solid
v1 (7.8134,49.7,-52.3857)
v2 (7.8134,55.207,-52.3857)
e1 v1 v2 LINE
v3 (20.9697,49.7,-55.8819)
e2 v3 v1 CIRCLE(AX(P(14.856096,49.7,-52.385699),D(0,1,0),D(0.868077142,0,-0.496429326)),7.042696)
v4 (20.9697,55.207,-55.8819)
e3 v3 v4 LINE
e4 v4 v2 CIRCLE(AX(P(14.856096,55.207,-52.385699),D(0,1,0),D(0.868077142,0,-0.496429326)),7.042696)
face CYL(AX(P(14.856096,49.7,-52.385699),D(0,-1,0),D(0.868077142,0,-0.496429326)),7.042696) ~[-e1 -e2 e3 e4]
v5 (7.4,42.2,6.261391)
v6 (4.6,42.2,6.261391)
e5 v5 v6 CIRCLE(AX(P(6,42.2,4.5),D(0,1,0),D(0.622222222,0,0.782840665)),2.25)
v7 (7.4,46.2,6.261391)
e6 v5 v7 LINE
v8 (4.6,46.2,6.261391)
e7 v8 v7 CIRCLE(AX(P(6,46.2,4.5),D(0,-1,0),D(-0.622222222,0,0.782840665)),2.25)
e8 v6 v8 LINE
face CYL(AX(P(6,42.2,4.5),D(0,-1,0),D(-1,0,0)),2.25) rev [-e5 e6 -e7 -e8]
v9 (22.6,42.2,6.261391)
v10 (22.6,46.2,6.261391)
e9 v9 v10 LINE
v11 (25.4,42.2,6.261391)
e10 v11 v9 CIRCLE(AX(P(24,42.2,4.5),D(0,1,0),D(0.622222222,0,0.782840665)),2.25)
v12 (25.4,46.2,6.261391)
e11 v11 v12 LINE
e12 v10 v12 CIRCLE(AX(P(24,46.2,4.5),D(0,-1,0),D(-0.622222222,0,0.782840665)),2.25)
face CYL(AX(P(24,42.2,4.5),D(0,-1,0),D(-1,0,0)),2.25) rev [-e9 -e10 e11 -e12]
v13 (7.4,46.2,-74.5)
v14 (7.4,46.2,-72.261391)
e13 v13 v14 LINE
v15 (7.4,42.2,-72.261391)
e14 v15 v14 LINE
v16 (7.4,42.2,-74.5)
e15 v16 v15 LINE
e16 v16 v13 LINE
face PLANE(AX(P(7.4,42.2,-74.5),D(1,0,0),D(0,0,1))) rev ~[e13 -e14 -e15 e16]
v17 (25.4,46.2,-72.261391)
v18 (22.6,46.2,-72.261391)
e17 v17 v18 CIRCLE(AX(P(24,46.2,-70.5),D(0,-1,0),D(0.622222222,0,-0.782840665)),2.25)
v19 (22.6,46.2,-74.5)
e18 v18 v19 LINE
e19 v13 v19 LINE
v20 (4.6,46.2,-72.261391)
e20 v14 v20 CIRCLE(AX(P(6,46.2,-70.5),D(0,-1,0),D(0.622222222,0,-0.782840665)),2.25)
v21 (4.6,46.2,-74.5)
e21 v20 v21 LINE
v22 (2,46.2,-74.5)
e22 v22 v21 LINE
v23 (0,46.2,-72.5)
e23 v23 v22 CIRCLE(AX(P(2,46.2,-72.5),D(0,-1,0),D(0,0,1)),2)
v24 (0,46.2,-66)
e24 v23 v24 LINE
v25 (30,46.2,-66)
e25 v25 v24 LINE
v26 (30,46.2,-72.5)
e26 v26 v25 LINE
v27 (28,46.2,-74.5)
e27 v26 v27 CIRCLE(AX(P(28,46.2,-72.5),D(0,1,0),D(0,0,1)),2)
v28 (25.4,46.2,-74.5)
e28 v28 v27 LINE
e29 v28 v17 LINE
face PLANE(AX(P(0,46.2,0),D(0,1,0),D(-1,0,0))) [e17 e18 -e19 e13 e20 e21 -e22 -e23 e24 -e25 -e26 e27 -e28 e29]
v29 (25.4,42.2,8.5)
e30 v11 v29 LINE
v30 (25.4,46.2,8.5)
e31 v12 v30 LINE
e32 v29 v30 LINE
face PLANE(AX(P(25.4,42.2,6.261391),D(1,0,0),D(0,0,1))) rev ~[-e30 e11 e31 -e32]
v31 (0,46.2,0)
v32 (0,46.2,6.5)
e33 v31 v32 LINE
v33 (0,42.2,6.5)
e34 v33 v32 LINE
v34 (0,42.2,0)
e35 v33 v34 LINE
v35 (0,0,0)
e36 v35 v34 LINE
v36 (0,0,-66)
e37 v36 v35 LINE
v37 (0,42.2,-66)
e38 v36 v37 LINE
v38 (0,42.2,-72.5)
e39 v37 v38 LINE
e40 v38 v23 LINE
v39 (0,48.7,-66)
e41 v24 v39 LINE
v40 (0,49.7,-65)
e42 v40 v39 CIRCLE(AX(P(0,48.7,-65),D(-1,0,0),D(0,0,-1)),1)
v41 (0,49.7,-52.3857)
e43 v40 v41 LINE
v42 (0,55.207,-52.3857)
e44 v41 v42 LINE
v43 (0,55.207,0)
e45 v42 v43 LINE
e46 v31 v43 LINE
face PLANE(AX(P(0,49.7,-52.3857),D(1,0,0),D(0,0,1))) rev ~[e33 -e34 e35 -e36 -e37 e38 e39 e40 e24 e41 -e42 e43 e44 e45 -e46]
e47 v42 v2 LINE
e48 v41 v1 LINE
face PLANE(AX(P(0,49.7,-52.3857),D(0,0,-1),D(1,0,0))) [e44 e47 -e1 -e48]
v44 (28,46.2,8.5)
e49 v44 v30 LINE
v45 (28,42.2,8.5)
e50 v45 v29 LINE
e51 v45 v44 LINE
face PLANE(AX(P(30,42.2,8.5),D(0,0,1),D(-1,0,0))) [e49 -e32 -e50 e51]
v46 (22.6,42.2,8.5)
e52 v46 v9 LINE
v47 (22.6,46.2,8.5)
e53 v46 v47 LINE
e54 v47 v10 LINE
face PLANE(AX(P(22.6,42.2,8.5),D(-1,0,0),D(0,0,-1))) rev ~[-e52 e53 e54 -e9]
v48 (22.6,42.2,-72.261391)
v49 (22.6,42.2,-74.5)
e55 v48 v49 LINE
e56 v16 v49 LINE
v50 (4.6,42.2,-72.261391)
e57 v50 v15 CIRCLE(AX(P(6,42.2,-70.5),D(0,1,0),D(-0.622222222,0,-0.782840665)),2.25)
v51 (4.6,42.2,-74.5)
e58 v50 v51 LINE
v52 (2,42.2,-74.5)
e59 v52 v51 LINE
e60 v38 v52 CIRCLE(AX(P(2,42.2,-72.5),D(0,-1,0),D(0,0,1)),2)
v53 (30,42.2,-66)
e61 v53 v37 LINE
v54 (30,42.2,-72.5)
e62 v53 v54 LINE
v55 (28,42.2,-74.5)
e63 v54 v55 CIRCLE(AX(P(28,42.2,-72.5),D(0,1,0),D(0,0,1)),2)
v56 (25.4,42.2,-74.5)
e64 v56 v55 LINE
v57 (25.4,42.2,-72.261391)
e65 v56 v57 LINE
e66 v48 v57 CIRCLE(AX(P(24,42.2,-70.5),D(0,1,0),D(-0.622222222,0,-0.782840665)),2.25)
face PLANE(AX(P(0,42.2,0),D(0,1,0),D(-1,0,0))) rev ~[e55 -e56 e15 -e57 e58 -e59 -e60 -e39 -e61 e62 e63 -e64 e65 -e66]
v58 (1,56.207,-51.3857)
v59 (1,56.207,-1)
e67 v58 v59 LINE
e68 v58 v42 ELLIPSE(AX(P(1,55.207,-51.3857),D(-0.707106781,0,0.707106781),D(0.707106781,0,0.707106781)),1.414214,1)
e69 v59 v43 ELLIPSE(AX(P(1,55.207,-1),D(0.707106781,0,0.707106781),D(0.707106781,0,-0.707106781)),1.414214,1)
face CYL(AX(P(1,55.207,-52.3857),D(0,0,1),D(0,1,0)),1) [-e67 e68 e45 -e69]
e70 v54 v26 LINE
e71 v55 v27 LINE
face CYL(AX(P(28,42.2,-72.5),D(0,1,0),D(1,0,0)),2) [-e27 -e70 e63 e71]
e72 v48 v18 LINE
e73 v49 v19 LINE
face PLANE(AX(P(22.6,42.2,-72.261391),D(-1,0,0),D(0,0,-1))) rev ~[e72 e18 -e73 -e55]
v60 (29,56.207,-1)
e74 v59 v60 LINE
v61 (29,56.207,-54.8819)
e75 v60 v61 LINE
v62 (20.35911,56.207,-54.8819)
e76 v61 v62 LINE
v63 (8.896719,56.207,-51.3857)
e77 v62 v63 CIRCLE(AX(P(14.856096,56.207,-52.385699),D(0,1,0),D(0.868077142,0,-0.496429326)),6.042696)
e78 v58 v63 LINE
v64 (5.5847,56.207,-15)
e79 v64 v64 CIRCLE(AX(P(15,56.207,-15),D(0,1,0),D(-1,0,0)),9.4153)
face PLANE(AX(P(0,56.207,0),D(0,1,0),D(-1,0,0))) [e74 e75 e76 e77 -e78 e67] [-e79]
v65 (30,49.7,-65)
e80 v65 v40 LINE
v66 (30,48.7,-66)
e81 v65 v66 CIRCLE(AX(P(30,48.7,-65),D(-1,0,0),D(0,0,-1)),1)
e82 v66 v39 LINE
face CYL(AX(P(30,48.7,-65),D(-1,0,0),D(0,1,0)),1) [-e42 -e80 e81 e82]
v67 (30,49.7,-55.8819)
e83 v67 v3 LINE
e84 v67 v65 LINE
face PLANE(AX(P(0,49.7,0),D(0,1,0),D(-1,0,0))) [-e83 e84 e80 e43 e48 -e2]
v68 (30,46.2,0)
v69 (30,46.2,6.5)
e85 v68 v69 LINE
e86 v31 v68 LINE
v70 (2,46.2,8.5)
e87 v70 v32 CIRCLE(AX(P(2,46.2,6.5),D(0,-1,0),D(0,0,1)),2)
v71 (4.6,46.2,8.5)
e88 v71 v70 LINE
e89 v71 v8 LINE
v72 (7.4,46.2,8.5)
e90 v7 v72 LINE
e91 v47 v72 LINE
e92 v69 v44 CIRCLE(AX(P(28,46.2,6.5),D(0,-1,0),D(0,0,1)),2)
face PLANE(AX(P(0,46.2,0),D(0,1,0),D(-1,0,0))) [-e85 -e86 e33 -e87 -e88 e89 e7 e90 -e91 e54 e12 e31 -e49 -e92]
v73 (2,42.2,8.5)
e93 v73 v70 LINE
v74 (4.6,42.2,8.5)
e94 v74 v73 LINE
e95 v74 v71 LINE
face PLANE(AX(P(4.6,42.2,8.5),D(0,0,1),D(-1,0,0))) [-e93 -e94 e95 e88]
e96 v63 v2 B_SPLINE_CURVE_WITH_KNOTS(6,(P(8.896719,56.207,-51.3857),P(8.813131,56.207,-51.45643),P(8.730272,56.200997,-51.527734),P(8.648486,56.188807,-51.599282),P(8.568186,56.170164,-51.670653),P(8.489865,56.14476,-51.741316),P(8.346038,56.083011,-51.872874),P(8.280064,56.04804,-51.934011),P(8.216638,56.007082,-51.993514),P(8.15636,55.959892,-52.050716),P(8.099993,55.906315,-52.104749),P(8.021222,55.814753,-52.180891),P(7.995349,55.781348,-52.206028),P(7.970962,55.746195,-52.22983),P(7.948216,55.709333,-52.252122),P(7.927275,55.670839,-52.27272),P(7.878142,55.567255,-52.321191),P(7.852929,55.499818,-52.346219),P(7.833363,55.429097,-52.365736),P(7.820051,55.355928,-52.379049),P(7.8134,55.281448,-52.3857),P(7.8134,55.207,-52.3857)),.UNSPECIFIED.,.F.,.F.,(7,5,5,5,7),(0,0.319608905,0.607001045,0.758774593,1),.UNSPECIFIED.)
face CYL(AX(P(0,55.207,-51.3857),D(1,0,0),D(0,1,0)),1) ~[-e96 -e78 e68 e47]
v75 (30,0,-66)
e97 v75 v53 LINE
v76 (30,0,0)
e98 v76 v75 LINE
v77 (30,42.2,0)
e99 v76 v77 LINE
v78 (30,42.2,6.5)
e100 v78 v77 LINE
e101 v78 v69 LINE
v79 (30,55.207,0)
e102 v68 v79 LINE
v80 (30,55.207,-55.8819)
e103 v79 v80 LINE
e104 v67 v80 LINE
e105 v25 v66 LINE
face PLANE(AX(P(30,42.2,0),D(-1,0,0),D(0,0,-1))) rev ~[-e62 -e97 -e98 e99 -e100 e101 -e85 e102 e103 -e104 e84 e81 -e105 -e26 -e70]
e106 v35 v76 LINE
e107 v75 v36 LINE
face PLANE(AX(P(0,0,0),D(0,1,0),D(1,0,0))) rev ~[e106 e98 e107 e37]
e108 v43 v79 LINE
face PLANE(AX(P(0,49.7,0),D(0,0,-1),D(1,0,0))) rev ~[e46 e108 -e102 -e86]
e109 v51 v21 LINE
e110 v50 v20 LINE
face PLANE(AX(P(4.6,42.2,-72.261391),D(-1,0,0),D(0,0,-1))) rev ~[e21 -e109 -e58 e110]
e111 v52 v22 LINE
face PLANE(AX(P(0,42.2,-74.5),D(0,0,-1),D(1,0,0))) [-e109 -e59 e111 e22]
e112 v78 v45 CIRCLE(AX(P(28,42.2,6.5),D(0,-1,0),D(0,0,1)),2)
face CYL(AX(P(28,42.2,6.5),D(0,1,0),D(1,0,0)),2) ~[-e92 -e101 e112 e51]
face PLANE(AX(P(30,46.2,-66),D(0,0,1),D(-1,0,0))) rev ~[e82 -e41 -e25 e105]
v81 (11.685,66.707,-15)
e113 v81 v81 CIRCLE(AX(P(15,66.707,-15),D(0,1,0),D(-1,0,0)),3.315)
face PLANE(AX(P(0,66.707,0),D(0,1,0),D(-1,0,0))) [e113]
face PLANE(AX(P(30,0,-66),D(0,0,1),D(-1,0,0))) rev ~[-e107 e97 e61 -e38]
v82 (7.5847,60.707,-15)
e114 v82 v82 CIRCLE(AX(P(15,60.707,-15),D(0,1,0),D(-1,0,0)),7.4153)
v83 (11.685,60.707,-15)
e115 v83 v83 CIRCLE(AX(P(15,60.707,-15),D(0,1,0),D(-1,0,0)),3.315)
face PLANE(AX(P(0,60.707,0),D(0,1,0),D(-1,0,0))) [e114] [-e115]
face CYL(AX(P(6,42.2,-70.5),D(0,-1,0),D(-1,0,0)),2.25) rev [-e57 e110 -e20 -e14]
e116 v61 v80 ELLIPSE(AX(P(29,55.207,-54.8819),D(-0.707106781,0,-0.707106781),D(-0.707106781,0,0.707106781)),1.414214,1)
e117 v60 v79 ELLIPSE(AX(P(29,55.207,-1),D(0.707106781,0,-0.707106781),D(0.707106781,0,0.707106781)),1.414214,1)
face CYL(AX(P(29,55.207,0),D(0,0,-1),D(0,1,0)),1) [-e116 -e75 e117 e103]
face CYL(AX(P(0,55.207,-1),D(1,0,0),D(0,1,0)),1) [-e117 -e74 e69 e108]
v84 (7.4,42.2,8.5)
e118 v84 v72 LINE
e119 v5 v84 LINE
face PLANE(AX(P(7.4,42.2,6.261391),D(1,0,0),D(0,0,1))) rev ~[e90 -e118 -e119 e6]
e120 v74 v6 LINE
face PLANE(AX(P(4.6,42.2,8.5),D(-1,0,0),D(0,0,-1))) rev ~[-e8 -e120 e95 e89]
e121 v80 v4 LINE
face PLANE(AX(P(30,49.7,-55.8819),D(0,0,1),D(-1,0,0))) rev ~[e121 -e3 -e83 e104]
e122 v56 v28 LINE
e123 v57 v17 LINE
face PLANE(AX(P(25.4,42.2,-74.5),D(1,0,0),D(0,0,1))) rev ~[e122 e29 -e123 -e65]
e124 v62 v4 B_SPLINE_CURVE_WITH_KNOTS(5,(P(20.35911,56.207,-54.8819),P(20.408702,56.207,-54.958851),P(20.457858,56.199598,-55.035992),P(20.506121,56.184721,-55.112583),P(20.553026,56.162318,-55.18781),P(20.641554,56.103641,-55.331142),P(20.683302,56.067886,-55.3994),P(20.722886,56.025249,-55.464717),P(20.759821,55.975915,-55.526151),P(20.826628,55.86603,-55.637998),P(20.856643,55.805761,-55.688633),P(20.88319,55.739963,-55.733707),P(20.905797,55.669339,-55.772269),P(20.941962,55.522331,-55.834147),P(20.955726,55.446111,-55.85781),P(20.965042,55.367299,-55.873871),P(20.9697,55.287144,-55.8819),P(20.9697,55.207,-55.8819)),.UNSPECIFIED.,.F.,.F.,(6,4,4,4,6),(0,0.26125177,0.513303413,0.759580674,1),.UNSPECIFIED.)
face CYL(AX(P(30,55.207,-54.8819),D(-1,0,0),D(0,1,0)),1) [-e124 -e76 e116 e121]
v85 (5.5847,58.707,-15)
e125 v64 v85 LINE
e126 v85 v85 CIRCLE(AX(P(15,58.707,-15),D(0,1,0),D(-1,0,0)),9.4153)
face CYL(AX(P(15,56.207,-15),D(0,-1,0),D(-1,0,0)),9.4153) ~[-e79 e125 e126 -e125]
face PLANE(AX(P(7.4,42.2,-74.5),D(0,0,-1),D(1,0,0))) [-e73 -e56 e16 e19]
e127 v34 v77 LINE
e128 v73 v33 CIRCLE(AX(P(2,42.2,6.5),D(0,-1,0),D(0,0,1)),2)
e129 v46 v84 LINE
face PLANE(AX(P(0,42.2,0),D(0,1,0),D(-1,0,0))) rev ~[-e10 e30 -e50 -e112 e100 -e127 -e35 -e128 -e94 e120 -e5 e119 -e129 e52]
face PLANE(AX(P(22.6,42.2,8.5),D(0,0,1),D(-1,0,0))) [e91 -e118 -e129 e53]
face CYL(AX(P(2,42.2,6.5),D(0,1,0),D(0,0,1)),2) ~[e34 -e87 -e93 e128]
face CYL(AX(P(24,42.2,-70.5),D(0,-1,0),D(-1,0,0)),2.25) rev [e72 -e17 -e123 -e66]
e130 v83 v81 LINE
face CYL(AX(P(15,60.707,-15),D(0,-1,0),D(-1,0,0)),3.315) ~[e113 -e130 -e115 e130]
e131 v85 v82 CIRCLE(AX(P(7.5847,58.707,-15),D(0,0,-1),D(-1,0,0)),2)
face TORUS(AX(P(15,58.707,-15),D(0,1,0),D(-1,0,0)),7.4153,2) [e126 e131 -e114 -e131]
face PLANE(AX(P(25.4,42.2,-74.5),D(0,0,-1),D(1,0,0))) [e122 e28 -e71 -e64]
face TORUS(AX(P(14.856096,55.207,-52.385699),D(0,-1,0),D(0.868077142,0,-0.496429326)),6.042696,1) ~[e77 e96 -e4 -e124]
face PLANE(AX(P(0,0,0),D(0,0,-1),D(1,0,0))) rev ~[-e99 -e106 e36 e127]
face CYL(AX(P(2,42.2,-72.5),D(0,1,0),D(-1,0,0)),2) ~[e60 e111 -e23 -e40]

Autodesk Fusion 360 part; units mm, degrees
sketch "Skizze1" plane through (0, 0, 0) normal (0, 1, 0) x (1, 0, 0)
  line L0 (0, 0) -> (30, 0)
  line L1 (30, 0) -> (30, 66)
  line L2 (30, 66) -> (0, 66)
  line L3 (0, 66) -> (0, 0)
  dimension "d5" = 30
  dimension "d6" = 66
extrude "Extrusion2" add sketch "Skizze1" along normal blind 42.2
sketch "Skizze2" plane through (0, 42.2, 0) normal (0, 1, 0) x (-1, 0, 0)
  line L0 (0, -66) -> (0, 0)
  line L1 (0, 0) -> (-30, 0)
  line L2 (-30, 0) -> (-30, -66)
  line L3 (-30, -66) -> (0, -66)
  line L4 (0, -74.5) -> (-30, -74.5)
  line L5 (-30, -74.5) -> (-30, 8.5)
  line L6 (-30, 8.5) -> (0, 8.5)
  line L7 (0, 8.5) -> (0, -74.5)
  line L8 (-30, -66) -> (0, 0) construction
  line L9 (0, -74.5) -> (-30, 8.5) construction
  line L10 (-15, -33) -> (-15, -70.5) construction
  line L11 (-15, -70.5) -> (-6, -70.5) construction
  circle A0 centre (-6, -70.5) radius 2.25
  circle A1 centre (-24, -70.5) radius 2.25
  circle A2 centre (-6, 4.5) radius 2.25
  circle A3 centre (-24, 4.5) radius 2.25
  line L12 (-4.6, -74.5) -> (-7.4, -74.5)
  line L13 (-7.4, -74.5) -> (-7.4, -71.5)
  line L14 (-7.4, -71.5) -> (-4.6, -71.5)
  line L15 (-4.6, -71.5) -> (-4.6, -74.5)
  line L16 (-6, -71.5) -> (-6, -70.5) construction
  line L17 (-25.4, -74.5) -> (-25.4, -71.5)
  line L18 (-22.6, -74.5) -> (-25.4, -74.5)
  line L19 (-22.6, -71.5) -> (-22.6, -74.5)
  line L20 (-25.4, -71.5) -> (-22.6, -71.5)
  line L21 (-7.4, 5.5) -> (-7.4, 8.5)
  line L22 (-4.6, 5.5) -> (-7.4, 5.5)
  line L23 (-4.6, 8.5) -> (-4.6, 5.5)
  line L24 (-7.4, 8.5) -> (-4.6, 8.5)
  line L25 (-25.4, 5.5) -> (-25.4, 8.5)
  line L26 (-22.6, 5.5) -> (-25.4, 5.5)
  line L27 (-22.6, 8.5) -> (-22.6, 5.5)
  line L28 (-25.4, 8.5) -> (-22.6, 8.5)
  point P0 (-15, -33)
  dimension "d9" = 30
  dimension "d10" = 83
  dimension "d13" = 9
  dimension "d14" = 37.5
  dimension "d15" = 4.5
  dimension "d18" = -18
  dimension "d19" = 75
  dimension "d20" = 2.8
  dimension "d21" = 3
  dimension "d24" = -18
  dimension "d25" = 80
extrude "Extrusion3" add sketch "Skizze2" along normal blind 4 contours L0 L1 L2 L3 L5 L7 | L3 L4 L5 L7 A0 A1 L13 L15 L17 L19 | L1 L5 L6 L7 A2 A3 L21 L23 L25 L27
sketch "Skizze3" plane through (0, 46.2, 0) normal (0, 1, 0) x (-1, 0, 0)
  line L0 (-7.4, 6.2614) -> (-7.4, 8.5)
  line L1 (-7.4, 8.5) -> (-22.6, 8.5)
  line L2 (-22.6, 8.5) -> (-22.6, 6.2614)
  arc A0 (-25.4, 6.2614) -> (-22.6, 6.2614) centre (-24, 4.5) ccw
  line L3 (-25.4, 6.2614) -> (-25.4, 8.5)
  line L4 (-25.4, 8.5) -> (-30, 8.5)
  line L5 (-30, 8.5) -> (-30, -74.5)
  line L6 (-30, -74.5) -> (-25.4, -74.5)
  line L7 (-25.4, -74.5) -> (-25.4, -72.2614)
  arc A1 (-22.6, -72.2614) -> (-25.4, -72.2614) centre (-24, -70.5) ccw
  line L8 (-22.6, -72.2614) -> (-22.6, -74.5)
  line L9 (-22.6, -74.5) -> (-7.4, -74.5)
  line L10 (-7.4, -74.5) -> (-7.4, -72.2614)
  arc A2 (-4.6, -72.2614) -> (-7.4, -72.2614) centre (-6, -70.5) ccw
  line L11 (-4.6, -72.2614) -> (-4.6, -74.5)
  line L12 (-4.6, -74.5) -> (0, -74.5)
  line L13 (0, -74.5) -> (0, 8.5)
  line L14 (0, 8.5) -> (-4.6, 8.5)
  line L15 (-4.6, 8.5) -> (-4.6, 6.2614)
  arc A3 (-7.4, 6.2614) -> (-4.6, 6.2614) centre (-6, 4.5) ccw
  line L16 (-30, -66) -> (0, -66)
  line L17 (0, 0) -> (-30, 0)
  line L18 (0, -66) -> (-30, -66)
  line L19 (-30, 0) -> (0, 0)
extrude "Extrusion4" add sketch "Skizze3" along normal blind 3.5 contours L5 L13 L16 L17 L18 L19
fillet "Abrundung1" radius 2 4 edges at (30, 44.2, -74.5) (0, 44.2, -74.5) (30, 44.2, 8.5) (0, 44.2, 8.5)
sketch "Skizze4" plane through (0, 49.7, 0) normal (0, 1, 0) x (-1, 0, 0)
  line L0 (0, -66) -> (0, 0)
  line L1 (0, 0) -> (-30, 0)
  line L2 (-30, 0) -> (-30, -66)
  line L3 (-30, -66) -> (0, -66)
  line L4 (-30, -66) -> (0, -66)
  line L5 (0, -66) -> (0, 0)
  line L6 (-30, 0) -> (-30, -66)
  line L7 (0, 0) -> (-30, 0)
  line L8 (0, -52.3857) -> (-7.8134, -52.3857)
  line L9 (-30, -55.8819) -> (-20.9697, -55.8819)
  arc A0 (-20.9697, -55.8819) -> (-7.8134, -52.3857) centre (-14.8561, -52.3857) ccw
  line L10 (-30, -66) -> (0, -66)
  line L11 (0, -66) -> (0, 0)
  line L12 (-30, 0) -> (-30, -66)
  dimension "d31" = 13.6143
  dimension "d32" = 10.1181
  dimension "d33" = 7.8134
  dimension "d35" = 9.0303
extrude "Extrusion5" add sketch "Skizze4" along normal blind 6.507 contours L0 L1 L2 L5 L6 L7 L8 L9 A0 L11 L12
sketch "Skizze5" plane through (0, 56.207, 0) normal (0, 1, 0) x (-1, 0, 0)
  line L0 (0, -52.3857) -> (0, 0)
  line L1 (0, 0) -> (-30, 0)
  line L2 (-30, 0) -> (-30, -55.8819)
  line L3 (-30, -55.8819) -> (-20.9697, -55.8819)
  arc A0 (-20.9697, -55.8819) -> (-7.8134, -52.3857) centre (-14.8561, -52.3857) ccw
  line L4 (-7.8134, -52.3857) -> (0, -52.3857)
  circle A1 centre (-15, -15) radius 9.4153
  line L5 (-30, 0) -> (-30, -66)
  line L6 (0, 0) -> (-30, 0)
  dimension "d39" = 15
  dimension "d40" = 15
  dimension "d41" = 18.8307
extrude "Extrusion6" add sketch "Skizze5" along normal blind 4.5 contours A1
sketch "Skizze6" plane through (0, 60.707, 0) normal (0, 1, 0) x (-1, 0, 0)
  circle A0 centre (-15, -15) radius 9.4153
  circle A1 centre (-15, -15) radius 9.4153
  circle A2 centre (-15, -15) radius 3.315
  dimension "d45" = 6.63
extrude "Extrusion7" add sketch "Skizze6" along normal blind 6 contours A2
fillet "Abrundung3" radius 2 1 edges at (23.7782, 60.707, -18.4047)
fillet "Abrundung2" radius 1 7 edges at (13.0473, 56.207, -59.1921) (3.9067, 56.207, -52.3857) (25.4848, 56.207, -55.8819) (15, 49.7, -66) (15, 56.207, 0) (30, 56.207, -27.9409) (0, 56.207, -26.1929)
equation "d13 = ( 18 / 2 ) * 1 mm"
equation "d14 = ( 75 / 2 ) * 1 mm"
